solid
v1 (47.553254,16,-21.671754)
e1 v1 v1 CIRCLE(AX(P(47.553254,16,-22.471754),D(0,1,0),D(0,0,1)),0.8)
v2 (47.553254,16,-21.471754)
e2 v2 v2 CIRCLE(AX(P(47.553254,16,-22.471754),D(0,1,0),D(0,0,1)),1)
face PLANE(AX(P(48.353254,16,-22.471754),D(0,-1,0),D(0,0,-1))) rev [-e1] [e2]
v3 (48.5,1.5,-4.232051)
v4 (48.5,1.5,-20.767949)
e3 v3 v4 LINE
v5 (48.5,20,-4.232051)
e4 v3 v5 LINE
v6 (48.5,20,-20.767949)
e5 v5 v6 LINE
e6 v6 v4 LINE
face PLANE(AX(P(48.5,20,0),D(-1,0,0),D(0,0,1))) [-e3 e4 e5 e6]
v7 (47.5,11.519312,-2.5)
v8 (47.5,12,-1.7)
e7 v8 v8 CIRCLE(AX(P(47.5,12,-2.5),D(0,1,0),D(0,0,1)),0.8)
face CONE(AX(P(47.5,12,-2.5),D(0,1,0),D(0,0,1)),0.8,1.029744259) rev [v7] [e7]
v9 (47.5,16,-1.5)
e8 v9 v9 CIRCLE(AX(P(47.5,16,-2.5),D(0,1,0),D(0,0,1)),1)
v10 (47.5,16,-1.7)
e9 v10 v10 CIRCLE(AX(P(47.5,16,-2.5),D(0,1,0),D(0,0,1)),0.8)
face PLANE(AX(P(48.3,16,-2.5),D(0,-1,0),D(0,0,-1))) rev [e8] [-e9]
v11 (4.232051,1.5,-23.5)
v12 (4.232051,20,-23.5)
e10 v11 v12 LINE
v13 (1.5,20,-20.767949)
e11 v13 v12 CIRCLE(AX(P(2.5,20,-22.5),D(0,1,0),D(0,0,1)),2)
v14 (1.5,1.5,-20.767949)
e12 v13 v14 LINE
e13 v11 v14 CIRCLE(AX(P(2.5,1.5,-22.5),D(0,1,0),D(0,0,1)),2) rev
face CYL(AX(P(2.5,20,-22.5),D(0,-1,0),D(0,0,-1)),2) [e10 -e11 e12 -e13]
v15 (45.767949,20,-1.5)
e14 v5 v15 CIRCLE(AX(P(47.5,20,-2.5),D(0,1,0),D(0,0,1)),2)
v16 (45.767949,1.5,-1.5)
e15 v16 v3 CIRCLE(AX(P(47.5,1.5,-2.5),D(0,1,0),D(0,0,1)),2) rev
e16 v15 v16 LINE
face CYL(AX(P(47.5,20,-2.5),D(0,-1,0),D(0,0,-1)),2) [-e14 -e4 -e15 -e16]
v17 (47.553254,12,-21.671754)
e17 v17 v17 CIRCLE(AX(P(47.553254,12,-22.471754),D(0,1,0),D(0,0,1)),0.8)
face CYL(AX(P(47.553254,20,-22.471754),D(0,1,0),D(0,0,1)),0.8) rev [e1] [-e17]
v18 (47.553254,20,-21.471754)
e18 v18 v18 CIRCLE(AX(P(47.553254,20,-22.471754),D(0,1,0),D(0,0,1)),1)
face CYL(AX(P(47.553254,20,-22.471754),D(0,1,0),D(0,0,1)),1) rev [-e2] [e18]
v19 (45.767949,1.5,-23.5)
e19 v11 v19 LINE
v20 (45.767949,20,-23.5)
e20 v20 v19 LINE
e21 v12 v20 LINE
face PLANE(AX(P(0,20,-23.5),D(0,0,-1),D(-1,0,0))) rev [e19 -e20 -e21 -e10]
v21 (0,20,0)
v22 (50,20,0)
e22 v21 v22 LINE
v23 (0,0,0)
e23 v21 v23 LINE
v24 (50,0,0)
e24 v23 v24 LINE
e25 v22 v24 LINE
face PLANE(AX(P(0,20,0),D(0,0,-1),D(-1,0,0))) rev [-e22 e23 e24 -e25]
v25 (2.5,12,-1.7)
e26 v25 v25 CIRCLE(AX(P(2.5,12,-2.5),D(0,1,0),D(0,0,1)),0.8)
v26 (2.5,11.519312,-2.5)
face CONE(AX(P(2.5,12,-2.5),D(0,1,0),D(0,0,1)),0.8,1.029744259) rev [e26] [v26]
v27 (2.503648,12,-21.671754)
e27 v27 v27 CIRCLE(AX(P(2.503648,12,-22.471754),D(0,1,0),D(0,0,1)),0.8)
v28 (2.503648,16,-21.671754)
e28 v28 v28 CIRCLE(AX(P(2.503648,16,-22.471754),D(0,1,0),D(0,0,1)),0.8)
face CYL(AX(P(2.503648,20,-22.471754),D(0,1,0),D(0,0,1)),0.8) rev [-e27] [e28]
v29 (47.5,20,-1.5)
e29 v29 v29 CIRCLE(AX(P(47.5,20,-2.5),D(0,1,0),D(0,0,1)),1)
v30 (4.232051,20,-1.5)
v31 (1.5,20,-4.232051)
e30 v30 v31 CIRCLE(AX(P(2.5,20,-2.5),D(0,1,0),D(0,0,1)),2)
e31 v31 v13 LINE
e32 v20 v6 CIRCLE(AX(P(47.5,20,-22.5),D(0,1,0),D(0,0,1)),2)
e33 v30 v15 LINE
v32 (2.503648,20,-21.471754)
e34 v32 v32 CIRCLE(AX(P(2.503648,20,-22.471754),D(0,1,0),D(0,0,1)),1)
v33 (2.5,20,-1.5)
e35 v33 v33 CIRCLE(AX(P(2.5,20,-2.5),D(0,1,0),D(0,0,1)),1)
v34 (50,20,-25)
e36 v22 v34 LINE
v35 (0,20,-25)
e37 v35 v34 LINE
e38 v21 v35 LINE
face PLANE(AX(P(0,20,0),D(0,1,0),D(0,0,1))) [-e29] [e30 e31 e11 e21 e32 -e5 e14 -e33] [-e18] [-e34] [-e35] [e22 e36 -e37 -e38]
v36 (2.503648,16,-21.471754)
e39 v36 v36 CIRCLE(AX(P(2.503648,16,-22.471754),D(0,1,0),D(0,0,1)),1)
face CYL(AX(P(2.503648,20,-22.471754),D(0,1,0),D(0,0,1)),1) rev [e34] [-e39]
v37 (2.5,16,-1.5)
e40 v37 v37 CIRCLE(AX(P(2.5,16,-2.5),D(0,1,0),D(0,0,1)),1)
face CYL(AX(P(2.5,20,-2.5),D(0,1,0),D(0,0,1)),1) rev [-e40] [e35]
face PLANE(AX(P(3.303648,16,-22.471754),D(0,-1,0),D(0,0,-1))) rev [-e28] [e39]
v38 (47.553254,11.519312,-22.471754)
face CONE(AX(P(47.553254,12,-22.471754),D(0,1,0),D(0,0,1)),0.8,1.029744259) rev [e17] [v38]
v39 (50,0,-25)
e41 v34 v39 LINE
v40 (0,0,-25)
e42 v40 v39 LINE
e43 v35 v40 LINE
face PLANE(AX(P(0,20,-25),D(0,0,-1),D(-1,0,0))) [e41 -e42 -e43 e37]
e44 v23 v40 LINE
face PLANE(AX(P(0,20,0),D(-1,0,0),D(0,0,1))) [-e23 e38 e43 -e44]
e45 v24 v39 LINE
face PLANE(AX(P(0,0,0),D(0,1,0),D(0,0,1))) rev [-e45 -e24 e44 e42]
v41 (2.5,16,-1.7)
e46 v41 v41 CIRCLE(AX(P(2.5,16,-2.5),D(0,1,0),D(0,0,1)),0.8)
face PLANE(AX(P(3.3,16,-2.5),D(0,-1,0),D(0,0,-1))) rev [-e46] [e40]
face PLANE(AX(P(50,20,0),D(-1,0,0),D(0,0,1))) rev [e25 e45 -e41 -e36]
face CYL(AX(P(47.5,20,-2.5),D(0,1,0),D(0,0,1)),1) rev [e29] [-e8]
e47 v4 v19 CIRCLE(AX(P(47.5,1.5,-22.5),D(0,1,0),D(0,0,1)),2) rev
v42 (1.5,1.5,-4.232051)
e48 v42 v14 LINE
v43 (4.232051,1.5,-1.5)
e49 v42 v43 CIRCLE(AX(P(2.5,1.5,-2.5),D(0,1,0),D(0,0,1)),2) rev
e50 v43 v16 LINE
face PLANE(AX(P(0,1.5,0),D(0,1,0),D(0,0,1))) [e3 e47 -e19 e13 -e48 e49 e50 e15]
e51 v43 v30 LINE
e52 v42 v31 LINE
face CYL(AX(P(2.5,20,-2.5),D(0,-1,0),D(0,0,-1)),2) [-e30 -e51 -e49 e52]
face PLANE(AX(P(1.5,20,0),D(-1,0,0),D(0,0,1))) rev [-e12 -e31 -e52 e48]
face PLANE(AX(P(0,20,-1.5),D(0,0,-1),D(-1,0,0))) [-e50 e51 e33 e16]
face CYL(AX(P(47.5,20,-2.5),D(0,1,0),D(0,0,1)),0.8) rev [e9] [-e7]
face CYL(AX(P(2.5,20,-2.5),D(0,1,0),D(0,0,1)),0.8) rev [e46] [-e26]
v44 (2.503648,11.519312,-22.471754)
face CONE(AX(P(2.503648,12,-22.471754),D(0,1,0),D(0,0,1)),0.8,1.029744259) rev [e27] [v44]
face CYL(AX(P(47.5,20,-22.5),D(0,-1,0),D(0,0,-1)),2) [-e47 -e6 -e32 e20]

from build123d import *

# Parameters (mm, degrees)
SKETCH_1_W           = 50
SKETCH_1_H           = 25
EXTRUDE_3_DEPTH      = 20
SHELL_1_T            = -1.5
SKETCH_1_3_R         = 2
EXTRUDE_4_DEPTH      = 20
M2X0_4_3_D           = 1.6
M2X0_4_3_DEPTH       = 8
M2X0_4_3_CBORE_D     = 2
M2X0_4_3_CBORE_DEPTH = 4
M2X0_4_3_TIP         = 0.480688495


with BuildPart() as part:
    # 草图1 → 凸台-拉伸3 (new body)
    with BuildSketch(Plane(origin=(0, 0, 0), x_dir=(1, 0, 0), z_dir=(0, 1, 0))):
        with Locations((25, 12.5)):
            Rectangle(SKETCH_1_W, SKETCH_1_H)
    extrude(amount=EXTRUDE_3_DEPTH)

    # 抽壳1
    shell_1_openings = [part.faces().sort_by_distance(p)[0] for p in [
        (25, 20, -12.5),
    ]]
    offset(amount=SHELL_1_T, openings=shell_1_openings, kind=Kind.INTERSECTION)

    # 草图1<3> → 凸台-拉伸4 (add)
    with BuildSketch(Plane(origin=(0, 0, 0), x_dir=(1, 0, 0), z_dir=(0, 1, 0))):
        with Locations((2.5, 22.5)):
            Circle(SKETCH_1_3_R)
        with Locations((47.5, 22.5)):
            Circle(SKETCH_1_3_R)
        with Locations((47.5, 2.5)):
            Circle(SKETCH_1_3_R)
        with Locations((2.5, 2.5)):
            Circle(SKETCH_1_3_R)
    extrude(amount=EXTRUDE_4_DEPTH)

    # M2x0.4 螺纹孔3
    with Locations(Plane(origin=(0, 20, 0), x_dir=(1, 0, 0), z_dir=(0, 1, 0))):
        with Locations((47.553254434, 22.471754376), (47.5, 2.5), (2.503648452, 22.471754376), (2.5, 2.5)):
            CounterBoreHole(M2X0_4_3_D / 2, M2X0_4_3_CBORE_D / 2, M2X0_4_3_CBORE_DEPTH, depth=M2X0_4_3_DEPTH)
            with Locations((0, 0, -(M2X0_4_3_DEPTH + M2X0_4_3_TIP / 2))):  # 118° drill point
                Cone(0, M2X0_4_3_D / 2, M2X0_4_3_TIP, mode=Mode.SUBTRACT)


solid = part.part
